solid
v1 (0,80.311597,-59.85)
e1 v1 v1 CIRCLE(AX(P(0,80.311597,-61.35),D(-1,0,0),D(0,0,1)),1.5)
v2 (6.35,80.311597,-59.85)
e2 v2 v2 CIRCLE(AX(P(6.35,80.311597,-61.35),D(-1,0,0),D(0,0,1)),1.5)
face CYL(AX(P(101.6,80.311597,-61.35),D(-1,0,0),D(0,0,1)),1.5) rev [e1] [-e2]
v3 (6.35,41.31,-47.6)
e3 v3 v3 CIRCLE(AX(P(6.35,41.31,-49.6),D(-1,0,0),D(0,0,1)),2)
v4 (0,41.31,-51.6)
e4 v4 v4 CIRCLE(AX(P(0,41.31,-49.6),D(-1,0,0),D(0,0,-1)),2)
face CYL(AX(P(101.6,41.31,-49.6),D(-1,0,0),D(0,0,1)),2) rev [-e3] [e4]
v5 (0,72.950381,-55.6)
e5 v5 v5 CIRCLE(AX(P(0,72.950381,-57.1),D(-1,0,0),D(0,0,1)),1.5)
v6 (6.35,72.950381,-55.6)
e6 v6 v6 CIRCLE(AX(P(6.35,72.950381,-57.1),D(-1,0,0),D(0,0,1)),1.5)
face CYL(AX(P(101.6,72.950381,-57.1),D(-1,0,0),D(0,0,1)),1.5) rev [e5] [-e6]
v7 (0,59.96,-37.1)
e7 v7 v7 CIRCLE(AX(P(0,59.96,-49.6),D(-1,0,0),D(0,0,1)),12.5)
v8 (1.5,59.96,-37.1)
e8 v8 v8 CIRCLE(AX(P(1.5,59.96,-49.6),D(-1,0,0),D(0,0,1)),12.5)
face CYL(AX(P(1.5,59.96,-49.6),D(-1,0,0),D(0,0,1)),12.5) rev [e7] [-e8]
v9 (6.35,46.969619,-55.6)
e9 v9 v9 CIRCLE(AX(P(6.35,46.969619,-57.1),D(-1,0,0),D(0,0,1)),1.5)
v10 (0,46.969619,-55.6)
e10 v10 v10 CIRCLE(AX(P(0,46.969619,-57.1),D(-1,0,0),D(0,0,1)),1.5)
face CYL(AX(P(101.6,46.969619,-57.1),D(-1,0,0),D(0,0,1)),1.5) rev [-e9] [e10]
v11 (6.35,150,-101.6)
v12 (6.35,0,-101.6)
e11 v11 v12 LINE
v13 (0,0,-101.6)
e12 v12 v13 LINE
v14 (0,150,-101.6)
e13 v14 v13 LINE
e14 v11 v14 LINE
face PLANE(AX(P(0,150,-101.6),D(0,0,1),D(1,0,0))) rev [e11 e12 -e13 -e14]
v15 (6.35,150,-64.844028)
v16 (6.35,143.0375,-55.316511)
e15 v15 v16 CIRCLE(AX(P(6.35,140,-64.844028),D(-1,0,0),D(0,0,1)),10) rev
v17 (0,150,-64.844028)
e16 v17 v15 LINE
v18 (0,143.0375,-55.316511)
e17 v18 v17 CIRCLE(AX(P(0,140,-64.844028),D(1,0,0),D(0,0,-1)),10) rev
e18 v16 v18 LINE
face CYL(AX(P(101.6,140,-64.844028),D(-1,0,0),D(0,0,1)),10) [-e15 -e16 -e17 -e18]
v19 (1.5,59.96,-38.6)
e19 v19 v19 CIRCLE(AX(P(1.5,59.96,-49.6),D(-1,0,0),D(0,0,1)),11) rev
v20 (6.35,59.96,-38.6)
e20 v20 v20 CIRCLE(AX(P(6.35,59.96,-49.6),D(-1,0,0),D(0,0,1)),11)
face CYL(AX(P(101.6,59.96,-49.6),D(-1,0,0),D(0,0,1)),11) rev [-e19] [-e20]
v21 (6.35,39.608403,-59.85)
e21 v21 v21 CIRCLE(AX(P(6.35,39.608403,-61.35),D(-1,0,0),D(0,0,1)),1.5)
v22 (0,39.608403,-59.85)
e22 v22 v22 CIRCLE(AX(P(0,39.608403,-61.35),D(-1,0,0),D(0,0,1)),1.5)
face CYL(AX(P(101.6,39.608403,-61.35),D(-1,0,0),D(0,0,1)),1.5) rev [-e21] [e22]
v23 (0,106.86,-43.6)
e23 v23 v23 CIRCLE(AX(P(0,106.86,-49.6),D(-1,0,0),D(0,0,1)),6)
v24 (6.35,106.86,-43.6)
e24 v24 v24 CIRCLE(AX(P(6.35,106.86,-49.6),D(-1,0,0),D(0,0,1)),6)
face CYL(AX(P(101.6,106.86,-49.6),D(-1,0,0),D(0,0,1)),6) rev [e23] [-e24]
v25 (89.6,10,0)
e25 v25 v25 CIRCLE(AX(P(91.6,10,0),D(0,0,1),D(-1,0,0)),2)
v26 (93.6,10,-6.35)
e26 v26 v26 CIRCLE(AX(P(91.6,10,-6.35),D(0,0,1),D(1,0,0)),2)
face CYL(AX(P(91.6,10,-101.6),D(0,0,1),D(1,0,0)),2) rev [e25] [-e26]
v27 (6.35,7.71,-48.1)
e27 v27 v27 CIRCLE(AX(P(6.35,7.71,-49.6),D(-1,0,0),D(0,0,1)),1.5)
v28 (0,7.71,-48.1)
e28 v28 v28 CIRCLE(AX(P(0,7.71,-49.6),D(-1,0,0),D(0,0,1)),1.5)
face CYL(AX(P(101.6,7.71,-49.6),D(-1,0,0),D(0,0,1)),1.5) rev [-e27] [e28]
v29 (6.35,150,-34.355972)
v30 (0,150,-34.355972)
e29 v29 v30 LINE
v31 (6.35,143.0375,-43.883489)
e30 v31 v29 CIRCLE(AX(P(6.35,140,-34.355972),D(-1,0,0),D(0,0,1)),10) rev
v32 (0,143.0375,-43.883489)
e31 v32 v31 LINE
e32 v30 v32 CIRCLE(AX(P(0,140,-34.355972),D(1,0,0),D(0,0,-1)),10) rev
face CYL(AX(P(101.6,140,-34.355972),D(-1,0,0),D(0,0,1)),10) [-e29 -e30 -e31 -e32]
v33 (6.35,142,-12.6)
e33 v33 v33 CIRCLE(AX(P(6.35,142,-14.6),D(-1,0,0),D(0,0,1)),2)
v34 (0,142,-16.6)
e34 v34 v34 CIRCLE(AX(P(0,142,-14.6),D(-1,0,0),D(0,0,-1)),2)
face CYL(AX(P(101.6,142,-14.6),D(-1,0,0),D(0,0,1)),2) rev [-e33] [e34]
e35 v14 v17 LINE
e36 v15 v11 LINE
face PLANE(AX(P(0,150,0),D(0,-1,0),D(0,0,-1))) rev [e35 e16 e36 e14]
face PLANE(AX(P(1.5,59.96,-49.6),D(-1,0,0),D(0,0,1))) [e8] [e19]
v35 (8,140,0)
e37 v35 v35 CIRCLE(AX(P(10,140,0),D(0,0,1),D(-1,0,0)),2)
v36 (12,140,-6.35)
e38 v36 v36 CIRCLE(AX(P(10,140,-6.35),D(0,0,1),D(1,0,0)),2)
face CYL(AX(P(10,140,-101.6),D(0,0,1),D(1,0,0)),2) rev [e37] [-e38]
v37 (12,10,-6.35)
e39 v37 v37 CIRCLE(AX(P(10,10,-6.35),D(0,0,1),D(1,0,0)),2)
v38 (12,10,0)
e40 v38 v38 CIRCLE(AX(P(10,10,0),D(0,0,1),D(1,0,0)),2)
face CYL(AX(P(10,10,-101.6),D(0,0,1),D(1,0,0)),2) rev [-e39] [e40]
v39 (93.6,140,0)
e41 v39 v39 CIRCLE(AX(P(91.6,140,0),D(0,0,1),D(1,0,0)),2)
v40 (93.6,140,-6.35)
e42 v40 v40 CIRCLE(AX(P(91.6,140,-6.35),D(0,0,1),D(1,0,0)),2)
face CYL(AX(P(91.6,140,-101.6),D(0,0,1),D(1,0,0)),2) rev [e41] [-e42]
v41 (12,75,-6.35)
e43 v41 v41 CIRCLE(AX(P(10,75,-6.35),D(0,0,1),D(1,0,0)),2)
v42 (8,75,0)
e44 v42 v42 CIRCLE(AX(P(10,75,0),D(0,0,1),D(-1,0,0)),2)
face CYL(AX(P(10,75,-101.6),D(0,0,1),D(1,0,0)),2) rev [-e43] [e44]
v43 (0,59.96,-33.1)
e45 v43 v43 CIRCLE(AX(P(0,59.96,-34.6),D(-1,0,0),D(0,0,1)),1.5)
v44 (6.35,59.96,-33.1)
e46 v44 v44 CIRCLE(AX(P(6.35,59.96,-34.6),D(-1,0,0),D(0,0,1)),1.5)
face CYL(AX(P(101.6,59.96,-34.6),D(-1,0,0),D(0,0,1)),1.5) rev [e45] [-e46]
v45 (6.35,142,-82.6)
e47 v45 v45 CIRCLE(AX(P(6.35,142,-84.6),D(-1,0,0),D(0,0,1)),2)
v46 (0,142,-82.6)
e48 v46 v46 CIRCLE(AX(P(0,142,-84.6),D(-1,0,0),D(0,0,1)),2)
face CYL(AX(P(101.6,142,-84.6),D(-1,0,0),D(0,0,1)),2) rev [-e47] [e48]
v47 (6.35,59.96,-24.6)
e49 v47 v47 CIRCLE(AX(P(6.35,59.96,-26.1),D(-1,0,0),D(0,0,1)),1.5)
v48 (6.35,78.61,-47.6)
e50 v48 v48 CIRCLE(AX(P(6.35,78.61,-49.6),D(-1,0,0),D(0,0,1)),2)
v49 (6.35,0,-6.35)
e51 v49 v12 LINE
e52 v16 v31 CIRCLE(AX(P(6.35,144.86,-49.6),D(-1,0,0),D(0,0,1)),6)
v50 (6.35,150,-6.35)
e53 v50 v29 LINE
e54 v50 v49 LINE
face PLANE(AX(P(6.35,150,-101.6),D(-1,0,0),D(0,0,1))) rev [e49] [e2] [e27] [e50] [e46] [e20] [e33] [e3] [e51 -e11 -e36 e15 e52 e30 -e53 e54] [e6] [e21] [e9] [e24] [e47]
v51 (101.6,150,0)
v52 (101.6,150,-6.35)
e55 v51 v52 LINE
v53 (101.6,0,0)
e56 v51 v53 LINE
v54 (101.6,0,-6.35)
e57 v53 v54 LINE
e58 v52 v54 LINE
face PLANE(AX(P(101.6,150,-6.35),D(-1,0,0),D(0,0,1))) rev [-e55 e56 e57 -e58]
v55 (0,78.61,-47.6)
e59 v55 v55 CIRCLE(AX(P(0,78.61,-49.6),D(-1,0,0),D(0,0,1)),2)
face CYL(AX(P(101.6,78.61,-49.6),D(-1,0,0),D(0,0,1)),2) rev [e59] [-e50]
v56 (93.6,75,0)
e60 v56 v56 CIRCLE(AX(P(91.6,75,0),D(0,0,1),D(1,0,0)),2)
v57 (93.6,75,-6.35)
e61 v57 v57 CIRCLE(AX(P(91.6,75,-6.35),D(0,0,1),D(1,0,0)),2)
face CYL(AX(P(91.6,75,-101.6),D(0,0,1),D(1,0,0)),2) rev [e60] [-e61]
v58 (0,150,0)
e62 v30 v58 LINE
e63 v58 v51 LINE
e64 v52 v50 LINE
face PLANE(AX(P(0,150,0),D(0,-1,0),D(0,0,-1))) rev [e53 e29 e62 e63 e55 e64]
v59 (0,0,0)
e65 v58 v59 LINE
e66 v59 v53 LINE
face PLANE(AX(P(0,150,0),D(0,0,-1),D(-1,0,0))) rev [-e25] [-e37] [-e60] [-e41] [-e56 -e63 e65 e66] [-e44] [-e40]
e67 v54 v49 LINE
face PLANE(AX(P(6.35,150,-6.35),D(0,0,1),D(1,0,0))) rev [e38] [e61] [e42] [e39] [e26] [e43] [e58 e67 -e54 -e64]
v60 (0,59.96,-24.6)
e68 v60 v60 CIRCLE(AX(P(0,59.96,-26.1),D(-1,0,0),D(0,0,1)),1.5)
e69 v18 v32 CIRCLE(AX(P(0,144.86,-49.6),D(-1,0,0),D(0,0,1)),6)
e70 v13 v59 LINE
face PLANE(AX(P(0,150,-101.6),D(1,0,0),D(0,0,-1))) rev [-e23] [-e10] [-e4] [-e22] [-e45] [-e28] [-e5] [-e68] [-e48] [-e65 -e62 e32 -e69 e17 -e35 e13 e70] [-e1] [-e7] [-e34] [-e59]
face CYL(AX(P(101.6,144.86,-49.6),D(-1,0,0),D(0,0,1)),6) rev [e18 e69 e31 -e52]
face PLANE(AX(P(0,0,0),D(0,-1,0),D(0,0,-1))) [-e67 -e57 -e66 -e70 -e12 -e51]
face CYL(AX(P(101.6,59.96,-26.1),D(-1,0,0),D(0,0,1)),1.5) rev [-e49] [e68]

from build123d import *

# Parameters (mm, degrees)
SALIENTE_EXTRUIR1_DEPTH = 150
CROQUIS2_R              = 2
CROQUIS2_R_2            = 11
CROQUIS2_R_3            = 1.5
CROQUIS2_R_4            = 6
CORTAR_EXTRUIR1_DEPTH   = 208.714034191
REDONDEO1_R             = 10
CROQUIS3_R              = 12.5
CORTAR_EXTRUIR2_DEPTH   = 1.5
CROQUIS4_R              = 2
CROQUIS4_R_2            = 1.5
CORTAR_EXTRUIR3_DEPTH   = 208.714034191
CROQUIS6_R              = 2
CORTAR_EXTRUIR4_DEPTH   = 208.714034191


with BuildPart() as part:
    # Croquis1 → Saliente-Extruir1 (new body)
    with BuildSketch(Plane(origin=(0, 0, 0), x_dir=(1, 0, 0), z_dir=(0, 1, 0))):
        Polygon((0, 101.6), (0, 0), (101.6, 0), (101.6, 6.35), (6.35, 6.35), (6.35, 101.6), align=None)
    extrude(amount=SALIENTE_EXTRUIR1_DEPTH)

    # Croquis2 → Cortar-Extruir1 (cut, through all)
    with BuildSketch(Plane.ZY):
        with Locations((-84.6, 142)):
            Circle(CROQUIS2_R)
        with Locations((-14.6, 142)):
            Circle(CROQUIS2_R)
        with Locations((-49.6, 59.96)):
            Circle(CROQUIS2_R_2)
        with Locations((-49.6, 7.71)):
            Circle(CROQUIS2_R_3)
        with Locations((-49.6, 144.86)):
            Circle(CROQUIS2_R_4)
        with Locations((-49.6, 106.86)):
            Circle(CROQUIS2_R_4)
    extrude(amount=-CORTAR_EXTRUIR1_DEPTH, mode=Mode.SUBTRACT)

    # Redondeo1
    redondeo1_edges = [part.edges().sort_by_distance(p)[0] for p in [
        (3.175, 150, -52.695222125),
        (3.175, 150, -46.504777875),
    ]]
    fillet(redondeo1_edges, radius=REDONDEO1_R)

    # Croquis3 → Cortar-Extruir2 (cut)
    with BuildSketch(Plane.ZY):
        with Locations((-49.6, 59.96)):
            Circle(CROQUIS3_R)
    extrude(amount=-CORTAR_EXTRUIR2_DEPTH, mode=Mode.SUBTRACT)

    # Croquis4 → Cortar-Extruir3 (cut, through all)
    with BuildSketch(Plane.ZY):
        with Locations((-49.6, 78.61)):
            Circle(CROQUIS4_R)
        with Locations((-49.6, 41.31)):
            Circle(CROQUIS4_R)
        with Locations((-34.6, 59.96)):
            Circle(CROQUIS4_R_2)
        with Locations((-57.1, 46.969618943)):
            Circle(CROQUIS4_R_2)
        with Locations((-57.1, 72.950381057)):
            Circle(CROQUIS4_R_2)
        with Locations((-26.1, 59.96)):
            Circle(CROQUIS4_R_2)
        with Locations((-61.35, 39.608403011)):
            Circle(CROQUIS4_R_2)
        with Locations((-61.35, 80.311596989)):
            Circle(CROQUIS4_R_2)
    extrude(amount=-CORTAR_EXTRUIR3_DEPTH, mode=Mode.SUBTRACT)

    # Croquis6 → Cortar-Extruir4 (cut, through all)
    with BuildSketch(Plane.XY):
        with Locations((91.6, 140)):
            Circle(CROQUIS6_R)
        with Locations((91.6, 75)):
            Circle(CROQUIS6_R)
        with Locations((91.6, 10)):
            Circle(CROQUIS6_R)
        with Locations((10, 10)):
            Circle(CROQUIS6_R)
        with Locations((10, 75)):
            Circle(CROQUIS6_R)
        with Locations((10, 140)):
            Circle(CROQUIS6_R)
    extrude(amount=-CORTAR_EXTRUIR4_DEPTH, mode=Mode.SUBTRACT)


solid = part.part
